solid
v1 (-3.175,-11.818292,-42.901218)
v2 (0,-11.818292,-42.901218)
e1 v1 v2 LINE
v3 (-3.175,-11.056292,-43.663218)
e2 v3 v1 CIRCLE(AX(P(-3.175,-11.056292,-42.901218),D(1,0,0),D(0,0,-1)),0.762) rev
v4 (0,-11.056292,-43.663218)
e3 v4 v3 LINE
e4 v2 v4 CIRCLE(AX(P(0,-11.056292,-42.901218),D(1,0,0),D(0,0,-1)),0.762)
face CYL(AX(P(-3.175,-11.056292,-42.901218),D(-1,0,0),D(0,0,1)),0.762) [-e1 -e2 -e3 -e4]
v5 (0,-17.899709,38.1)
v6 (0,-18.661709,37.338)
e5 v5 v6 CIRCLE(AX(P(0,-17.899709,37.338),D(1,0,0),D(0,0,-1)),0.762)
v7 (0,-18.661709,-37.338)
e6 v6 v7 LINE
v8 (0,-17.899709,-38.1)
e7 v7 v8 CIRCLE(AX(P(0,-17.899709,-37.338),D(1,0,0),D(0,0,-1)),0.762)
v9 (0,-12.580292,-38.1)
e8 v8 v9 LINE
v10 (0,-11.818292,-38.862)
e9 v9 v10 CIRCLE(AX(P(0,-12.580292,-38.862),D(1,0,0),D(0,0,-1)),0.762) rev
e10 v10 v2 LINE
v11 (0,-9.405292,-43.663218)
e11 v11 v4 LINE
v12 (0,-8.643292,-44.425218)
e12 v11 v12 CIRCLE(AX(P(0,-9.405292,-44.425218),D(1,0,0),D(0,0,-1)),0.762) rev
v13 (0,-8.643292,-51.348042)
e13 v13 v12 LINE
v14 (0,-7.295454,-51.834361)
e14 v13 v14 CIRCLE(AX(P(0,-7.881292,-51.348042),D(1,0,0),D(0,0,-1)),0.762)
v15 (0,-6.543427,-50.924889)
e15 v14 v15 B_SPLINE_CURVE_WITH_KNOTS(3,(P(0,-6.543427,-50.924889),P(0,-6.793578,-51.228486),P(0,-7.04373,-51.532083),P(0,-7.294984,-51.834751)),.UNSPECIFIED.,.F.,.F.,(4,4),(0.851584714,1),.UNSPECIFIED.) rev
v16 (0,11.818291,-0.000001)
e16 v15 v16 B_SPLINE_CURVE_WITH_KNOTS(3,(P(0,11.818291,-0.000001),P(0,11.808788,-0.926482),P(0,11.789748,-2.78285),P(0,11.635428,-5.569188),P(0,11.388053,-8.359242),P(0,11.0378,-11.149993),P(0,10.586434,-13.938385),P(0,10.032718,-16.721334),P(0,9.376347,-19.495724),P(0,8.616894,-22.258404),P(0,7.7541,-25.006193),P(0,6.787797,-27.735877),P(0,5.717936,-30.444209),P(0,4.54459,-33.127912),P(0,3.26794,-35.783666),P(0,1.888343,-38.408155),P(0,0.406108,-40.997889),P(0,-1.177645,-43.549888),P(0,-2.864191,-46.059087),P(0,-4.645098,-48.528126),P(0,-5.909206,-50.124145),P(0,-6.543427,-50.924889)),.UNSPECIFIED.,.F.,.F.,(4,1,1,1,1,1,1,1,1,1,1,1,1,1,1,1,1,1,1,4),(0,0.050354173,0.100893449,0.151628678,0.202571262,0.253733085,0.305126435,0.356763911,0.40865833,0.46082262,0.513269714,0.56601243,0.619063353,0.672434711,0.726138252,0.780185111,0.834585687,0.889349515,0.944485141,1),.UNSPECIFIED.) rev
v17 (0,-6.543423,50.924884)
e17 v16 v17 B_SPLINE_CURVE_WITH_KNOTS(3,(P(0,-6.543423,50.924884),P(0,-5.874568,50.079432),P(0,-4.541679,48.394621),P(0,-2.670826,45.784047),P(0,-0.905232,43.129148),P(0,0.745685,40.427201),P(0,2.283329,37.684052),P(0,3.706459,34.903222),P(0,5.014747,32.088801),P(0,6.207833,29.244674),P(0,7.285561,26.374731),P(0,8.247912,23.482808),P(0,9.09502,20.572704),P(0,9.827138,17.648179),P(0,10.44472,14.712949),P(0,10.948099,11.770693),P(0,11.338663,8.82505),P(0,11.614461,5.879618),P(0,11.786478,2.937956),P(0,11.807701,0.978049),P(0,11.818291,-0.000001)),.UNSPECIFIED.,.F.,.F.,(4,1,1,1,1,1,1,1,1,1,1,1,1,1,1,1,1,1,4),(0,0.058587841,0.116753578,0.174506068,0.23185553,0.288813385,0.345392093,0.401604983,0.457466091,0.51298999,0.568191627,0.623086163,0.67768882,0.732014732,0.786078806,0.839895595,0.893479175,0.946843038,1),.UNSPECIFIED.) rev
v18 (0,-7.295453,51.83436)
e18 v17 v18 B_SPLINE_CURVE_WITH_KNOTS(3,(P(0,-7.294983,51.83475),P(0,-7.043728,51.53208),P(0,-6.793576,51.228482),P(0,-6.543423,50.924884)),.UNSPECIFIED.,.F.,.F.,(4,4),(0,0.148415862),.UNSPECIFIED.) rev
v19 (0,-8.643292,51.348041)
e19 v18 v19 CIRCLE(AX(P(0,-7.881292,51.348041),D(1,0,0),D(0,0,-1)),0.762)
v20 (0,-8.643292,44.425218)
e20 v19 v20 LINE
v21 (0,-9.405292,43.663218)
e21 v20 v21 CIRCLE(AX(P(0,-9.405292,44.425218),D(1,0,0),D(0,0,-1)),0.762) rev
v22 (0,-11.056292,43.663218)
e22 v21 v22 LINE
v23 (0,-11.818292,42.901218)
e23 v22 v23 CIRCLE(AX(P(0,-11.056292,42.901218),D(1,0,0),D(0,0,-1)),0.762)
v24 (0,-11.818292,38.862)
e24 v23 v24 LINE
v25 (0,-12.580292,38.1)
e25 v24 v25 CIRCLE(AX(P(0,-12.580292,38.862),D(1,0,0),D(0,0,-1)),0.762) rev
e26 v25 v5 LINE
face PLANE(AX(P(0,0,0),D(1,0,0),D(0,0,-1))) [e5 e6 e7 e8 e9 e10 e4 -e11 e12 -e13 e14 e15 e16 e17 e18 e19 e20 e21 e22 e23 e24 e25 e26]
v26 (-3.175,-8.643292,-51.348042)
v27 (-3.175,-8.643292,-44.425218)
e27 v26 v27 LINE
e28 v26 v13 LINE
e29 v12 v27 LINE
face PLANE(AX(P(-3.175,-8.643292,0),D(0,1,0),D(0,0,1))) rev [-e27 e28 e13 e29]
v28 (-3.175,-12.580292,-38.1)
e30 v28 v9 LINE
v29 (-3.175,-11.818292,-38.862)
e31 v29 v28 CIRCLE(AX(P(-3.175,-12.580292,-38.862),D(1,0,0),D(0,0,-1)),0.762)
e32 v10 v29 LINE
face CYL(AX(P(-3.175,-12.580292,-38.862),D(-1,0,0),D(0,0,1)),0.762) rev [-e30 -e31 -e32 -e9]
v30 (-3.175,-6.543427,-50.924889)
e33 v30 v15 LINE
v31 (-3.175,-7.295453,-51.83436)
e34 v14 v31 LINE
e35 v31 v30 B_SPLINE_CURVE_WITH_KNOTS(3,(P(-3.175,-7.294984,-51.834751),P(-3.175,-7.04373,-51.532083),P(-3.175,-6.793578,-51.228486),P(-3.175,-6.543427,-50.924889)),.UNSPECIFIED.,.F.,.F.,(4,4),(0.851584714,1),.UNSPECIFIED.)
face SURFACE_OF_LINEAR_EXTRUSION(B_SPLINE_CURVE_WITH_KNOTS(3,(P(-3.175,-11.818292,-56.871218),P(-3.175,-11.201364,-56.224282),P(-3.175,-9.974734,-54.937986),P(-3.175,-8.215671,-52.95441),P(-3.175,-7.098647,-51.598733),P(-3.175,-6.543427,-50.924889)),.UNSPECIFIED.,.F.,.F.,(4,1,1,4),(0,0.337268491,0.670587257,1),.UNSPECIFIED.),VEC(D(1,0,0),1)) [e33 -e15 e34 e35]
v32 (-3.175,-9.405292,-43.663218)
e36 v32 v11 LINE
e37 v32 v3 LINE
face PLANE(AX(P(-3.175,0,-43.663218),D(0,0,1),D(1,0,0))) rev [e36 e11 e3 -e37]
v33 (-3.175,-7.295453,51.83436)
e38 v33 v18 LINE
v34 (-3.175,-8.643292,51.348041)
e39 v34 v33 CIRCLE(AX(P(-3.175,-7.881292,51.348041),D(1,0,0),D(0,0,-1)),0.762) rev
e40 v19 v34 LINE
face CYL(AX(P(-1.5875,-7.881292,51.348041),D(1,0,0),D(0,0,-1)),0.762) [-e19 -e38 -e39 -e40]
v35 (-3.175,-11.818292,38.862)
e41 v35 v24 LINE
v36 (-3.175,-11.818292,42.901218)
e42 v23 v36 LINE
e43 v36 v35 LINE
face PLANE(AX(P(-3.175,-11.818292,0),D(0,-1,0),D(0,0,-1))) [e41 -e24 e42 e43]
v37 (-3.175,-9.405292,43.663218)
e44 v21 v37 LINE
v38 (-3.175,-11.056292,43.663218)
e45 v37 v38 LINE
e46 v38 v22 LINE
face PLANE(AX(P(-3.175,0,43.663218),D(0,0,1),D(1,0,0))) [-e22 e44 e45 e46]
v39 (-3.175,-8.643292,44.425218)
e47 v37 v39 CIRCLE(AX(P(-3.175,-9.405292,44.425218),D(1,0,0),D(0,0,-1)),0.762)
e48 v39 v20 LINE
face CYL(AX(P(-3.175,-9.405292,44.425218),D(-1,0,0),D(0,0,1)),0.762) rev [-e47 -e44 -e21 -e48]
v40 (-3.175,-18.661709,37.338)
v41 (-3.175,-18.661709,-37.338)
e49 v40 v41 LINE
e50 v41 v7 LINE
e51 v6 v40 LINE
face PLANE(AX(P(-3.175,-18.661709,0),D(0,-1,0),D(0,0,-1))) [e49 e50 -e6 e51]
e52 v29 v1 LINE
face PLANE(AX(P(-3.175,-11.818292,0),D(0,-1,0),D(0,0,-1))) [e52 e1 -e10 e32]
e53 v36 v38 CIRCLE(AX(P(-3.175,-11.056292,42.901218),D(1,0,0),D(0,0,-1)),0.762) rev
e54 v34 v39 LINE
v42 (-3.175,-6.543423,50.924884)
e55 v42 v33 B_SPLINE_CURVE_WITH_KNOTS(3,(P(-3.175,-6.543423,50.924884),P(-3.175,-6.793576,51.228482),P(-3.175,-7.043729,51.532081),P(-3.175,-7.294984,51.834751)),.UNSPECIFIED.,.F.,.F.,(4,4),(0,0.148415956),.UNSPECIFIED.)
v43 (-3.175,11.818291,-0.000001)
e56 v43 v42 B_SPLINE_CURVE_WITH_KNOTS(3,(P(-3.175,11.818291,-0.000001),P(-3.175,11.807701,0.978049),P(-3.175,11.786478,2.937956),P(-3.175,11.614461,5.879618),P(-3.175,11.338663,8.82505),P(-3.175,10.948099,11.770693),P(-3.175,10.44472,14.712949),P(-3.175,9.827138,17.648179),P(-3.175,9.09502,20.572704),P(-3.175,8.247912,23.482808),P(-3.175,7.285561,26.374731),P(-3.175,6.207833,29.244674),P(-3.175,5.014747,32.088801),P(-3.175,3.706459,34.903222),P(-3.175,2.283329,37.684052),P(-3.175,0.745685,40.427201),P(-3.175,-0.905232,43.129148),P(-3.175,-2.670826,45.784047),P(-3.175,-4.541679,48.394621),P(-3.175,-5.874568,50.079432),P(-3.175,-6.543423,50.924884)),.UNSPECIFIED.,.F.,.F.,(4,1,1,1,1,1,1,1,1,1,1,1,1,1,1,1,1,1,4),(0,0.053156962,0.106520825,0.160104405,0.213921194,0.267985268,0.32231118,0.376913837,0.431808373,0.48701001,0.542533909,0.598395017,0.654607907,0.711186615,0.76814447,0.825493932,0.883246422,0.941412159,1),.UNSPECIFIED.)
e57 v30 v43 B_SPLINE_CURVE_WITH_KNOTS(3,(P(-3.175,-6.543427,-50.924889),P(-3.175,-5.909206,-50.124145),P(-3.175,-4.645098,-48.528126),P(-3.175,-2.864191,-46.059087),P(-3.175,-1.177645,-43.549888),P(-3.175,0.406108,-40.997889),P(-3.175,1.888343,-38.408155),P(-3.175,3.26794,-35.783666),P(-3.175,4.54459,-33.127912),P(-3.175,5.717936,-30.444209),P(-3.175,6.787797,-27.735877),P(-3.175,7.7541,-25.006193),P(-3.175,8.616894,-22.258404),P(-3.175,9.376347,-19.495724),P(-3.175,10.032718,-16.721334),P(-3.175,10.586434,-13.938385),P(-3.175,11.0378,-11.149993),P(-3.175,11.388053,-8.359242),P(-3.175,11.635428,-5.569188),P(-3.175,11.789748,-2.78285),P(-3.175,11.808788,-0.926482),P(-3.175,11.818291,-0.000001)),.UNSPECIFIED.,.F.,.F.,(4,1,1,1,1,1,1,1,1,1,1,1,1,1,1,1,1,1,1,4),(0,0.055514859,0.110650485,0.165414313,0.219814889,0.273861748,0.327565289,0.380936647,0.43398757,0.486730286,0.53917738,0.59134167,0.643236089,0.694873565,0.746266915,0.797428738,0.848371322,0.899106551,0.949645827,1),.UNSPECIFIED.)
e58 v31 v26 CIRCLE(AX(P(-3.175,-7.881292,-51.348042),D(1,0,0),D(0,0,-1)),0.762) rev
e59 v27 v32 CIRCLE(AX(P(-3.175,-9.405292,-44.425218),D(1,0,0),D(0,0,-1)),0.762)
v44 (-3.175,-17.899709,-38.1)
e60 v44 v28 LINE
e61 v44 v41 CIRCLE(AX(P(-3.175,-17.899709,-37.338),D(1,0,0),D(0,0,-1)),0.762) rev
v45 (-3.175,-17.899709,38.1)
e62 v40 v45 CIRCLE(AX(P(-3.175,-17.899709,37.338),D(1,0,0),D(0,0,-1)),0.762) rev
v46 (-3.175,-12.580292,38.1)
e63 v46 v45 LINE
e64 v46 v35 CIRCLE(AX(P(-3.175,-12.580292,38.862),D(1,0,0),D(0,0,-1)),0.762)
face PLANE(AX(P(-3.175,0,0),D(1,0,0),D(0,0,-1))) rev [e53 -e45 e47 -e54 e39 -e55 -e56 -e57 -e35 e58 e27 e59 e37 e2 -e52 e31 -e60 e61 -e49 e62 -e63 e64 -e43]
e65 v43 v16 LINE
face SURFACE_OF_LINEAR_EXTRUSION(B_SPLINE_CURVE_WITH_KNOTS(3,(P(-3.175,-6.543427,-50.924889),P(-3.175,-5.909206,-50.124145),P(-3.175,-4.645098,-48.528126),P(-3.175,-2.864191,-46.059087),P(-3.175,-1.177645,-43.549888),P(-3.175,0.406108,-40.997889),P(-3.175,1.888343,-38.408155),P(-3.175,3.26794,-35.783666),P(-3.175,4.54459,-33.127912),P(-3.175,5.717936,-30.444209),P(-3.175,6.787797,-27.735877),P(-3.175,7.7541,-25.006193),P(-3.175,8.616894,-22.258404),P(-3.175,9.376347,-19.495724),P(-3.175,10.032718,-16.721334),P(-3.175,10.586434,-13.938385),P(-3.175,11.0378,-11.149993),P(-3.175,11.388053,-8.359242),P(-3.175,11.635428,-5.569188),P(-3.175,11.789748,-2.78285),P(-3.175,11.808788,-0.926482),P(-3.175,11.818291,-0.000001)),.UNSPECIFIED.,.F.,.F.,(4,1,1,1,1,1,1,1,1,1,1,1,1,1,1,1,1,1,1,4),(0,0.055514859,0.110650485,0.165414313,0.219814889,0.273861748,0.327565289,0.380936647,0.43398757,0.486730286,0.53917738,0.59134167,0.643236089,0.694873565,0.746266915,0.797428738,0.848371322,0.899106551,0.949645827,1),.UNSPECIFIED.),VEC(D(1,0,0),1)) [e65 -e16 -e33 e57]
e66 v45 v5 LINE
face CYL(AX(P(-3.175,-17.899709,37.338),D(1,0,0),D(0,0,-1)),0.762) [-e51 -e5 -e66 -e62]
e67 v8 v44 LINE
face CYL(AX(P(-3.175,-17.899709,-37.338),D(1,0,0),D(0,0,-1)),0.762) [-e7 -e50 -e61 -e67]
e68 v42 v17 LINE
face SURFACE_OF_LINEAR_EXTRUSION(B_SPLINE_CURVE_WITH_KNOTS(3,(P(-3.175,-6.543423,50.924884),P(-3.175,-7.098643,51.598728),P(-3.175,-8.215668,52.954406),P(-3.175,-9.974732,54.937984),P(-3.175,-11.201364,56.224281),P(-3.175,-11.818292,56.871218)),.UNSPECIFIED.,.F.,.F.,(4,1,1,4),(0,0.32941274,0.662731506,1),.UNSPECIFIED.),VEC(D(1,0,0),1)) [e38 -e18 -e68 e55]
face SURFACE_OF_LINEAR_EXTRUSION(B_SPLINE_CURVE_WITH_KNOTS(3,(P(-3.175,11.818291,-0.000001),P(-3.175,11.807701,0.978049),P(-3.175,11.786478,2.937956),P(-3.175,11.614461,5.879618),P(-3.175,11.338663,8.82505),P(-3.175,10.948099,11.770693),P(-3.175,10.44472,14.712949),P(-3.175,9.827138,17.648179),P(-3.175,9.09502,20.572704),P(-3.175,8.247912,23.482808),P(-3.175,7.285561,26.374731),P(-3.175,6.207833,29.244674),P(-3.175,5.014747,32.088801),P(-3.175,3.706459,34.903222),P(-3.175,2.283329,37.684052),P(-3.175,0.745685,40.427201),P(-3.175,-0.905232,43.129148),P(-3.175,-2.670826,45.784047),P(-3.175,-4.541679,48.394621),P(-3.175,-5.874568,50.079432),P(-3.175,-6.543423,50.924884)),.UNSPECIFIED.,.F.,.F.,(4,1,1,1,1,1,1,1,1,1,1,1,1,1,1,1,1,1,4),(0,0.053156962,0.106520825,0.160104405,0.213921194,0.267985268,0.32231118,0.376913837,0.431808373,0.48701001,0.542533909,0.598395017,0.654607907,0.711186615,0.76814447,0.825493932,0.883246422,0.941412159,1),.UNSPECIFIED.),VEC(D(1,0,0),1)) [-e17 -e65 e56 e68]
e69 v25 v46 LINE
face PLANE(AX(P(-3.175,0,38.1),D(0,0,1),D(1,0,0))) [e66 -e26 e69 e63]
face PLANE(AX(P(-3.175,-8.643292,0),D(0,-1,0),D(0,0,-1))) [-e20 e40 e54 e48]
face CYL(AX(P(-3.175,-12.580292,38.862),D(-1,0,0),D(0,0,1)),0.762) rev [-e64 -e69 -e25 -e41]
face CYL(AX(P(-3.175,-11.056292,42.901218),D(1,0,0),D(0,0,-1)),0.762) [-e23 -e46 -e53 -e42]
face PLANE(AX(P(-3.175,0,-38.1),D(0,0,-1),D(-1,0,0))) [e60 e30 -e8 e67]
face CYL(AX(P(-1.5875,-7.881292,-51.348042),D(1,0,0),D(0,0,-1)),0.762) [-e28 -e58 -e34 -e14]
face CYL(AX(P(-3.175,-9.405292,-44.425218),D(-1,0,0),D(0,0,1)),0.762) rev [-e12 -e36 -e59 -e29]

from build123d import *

# Parameters (mm, degrees)
BOSS_EXTRUDE1_DEPTH = 3.175
SKETCH1_3_W         = 76.2
SKETCH1_3_H         = 6.843416336
BOSS_EXTRUDE2_DEPTH = 3.175
FILLET1_R           = 0.762


with BuildPart() as part:
    # Sketch1 → Boss-Extrude1 (new body)
    with BuildSketch(Plane(origin=(0, 0, 0), x_dir=(0, 0, -1), z_dir=(1, 0, 0))):
        with BuildLine():
            Line((-43.663217685, -8.64329225), (-43.663217685, -11.81829225))
            Line((-43.663217685, -11.81829225), (-38.1, -11.81829225))
            Line((-38.1, -11.81829225), (38.1, -11.81829225))
            Line((38.1, -11.81829225), (43.663218279, -11.81829225))
            Line((43.663218279, -11.81829225), (43.663218279, -8.64329225))
            Line((43.663218279, -8.64329225), (53.425755965, -8.64329225))
            add(Edge.make_bspline(
                [(53.425755965, -8.64329225), (53.263215222, -8.501846261), (52.438865838, -7.790883032), (51.598732776, -7.098646879), (50.924889325, -6.543426735)],
                knots=[0.589295503, 0.589295503, 0.589295503, 0.589295503, 0.670587257, 1, 1, 1, 1], degree=3))
            add(Edge.make_bspline(
                [(50.924889325, -6.543426735), (50.124144808, -5.909206331), (48.528125823, -4.645098009), (46.059087128, -2.864191401), (43.549887667, -1.177645044), (40.997889023, 0.406107926), (38.408155063, 1.888342774), (35.783665586, 3.267940071), (33.127912186, 4.544590036), (30.444209343, 5.717936201), (27.735877167, 6.787796608), (25.006192871, 7.754099696), (22.258403703, 8.616894329), (19.495723603, 9.376346971), (16.721334228, 10.032717883), (13.938384845, 10.586434135), (11.149992554, 11.03779968), (8.359242424, 11.388052771), (5.569187679, 11.635427625), (2.782849792, 11.78974762), (0.926482231, 11.808788455), (1.344e-06, 11.818291406)],
                knots=[0, 0, 0, 0, 0.055514859, 0.110650485, 0.165414313, 0.219814889, 0.273861748, 0.327565289, 0.380936647, 0.43398757, 0.486730286, 0.53917738, 0.59134167, 0.643236089, 0.694873565, 0.746266915, 0.797428738, 0.848371322, 0.899106551, 0.949645827, 1, 1, 1, 1], degree=3))
            add(Edge.make_bspline(
                [(1.344e-06, 11.818291406), (-0.978048688, 11.807700808), (-2.937955589, 11.78647839), (-5.879617768, 11.614460814), (-8.825050086, 11.338662737), (-11.770693383, 10.948099308), (-14.712949005, 10.444720364), (-17.648178684, 9.827137854), (-20.57270433, 9.095020044), (-23.482807764, 8.247912067), (-26.374730804, 7.285560858), (-29.244674098, 6.207832855), (-32.088800801, 5.014747428), (-34.903222204, 3.706458544), (-37.684051606, 2.283328938), (-40.427201271, 0.74568464), (-43.129148213, -0.90523213), (-45.784047279, -2.670825623), (-48.3946206, -4.541678592), (-50.079432356, -5.874568434), (-50.924883817, -6.543422779)],
                knots=[0, 0, 0, 0, 0.053156962, 0.106520825, 0.160104405, 0.213921194, 0.267985268, 0.32231118, 0.376913837, 0.431808373, 0.48701001, 0.542533909, 0.598395017, 0.654607907, 0.711186615, 0.76814447, 0.825493932, 0.883246422, 0.941412159, 1, 1, 1, 1], degree=3))
            add(Edge.make_bspline(
                [(-50.924883817, -6.543422779), (-51.598727834, -7.098643313), (-52.438862565, -7.790880746), (-53.263213559, -8.501845329), (-53.425755371, -8.64329225)],
                knots=[0, 0, 0, 0, 0.32941274, 0.410704965, 0.410704965, 0.410704965, 0.410704965], degree=3))
            Line((-53.425755371, -8.64329225), (-43.663217685, -8.64329225))
        make_face()
    extrude(amount=-BOSS_EXTRUDE1_DEPTH)

    # Sketch1<3> → Boss-Extrude2 (add)
    with BuildSketch(Plane(origin=(0, 0, 0), x_dir=(0, 0, -1), z_dir=(1, 0, 0))):
        with Locations((0, -15.240000418)):
            Rectangle(SKETCH1_3_W, SKETCH1_3_H)
    extrude(amount=-BOSS_EXTRUDE2_DEPTH)

    # Fillet1
    fillet1_edges = [part.edges().sort_by_distance(p)[0] for p in [
        (-1.5875, -8.64329225, -53.425755965),
        (-1.5875, -8.64329225, -43.663218279),
        (-1.5875, -11.81829225, -43.663218279),
        (-1.5875, -11.81829225, 43.663217685),
        (-1.5875, -8.64329225, 43.663217685),
        (-1.5875, -8.64329225, 53.425755371),
        (-1.5875, -18.661708586, -38.1),
        (-1.5875, -11.81829225, -38.1),
        (-1.5875, -18.661708586, 38.1),
        (-1.5875, -11.81829225, 38.1),
    ]]
    fillet(fillet1_edges, radius=FILLET1_R)


solid = part.part
